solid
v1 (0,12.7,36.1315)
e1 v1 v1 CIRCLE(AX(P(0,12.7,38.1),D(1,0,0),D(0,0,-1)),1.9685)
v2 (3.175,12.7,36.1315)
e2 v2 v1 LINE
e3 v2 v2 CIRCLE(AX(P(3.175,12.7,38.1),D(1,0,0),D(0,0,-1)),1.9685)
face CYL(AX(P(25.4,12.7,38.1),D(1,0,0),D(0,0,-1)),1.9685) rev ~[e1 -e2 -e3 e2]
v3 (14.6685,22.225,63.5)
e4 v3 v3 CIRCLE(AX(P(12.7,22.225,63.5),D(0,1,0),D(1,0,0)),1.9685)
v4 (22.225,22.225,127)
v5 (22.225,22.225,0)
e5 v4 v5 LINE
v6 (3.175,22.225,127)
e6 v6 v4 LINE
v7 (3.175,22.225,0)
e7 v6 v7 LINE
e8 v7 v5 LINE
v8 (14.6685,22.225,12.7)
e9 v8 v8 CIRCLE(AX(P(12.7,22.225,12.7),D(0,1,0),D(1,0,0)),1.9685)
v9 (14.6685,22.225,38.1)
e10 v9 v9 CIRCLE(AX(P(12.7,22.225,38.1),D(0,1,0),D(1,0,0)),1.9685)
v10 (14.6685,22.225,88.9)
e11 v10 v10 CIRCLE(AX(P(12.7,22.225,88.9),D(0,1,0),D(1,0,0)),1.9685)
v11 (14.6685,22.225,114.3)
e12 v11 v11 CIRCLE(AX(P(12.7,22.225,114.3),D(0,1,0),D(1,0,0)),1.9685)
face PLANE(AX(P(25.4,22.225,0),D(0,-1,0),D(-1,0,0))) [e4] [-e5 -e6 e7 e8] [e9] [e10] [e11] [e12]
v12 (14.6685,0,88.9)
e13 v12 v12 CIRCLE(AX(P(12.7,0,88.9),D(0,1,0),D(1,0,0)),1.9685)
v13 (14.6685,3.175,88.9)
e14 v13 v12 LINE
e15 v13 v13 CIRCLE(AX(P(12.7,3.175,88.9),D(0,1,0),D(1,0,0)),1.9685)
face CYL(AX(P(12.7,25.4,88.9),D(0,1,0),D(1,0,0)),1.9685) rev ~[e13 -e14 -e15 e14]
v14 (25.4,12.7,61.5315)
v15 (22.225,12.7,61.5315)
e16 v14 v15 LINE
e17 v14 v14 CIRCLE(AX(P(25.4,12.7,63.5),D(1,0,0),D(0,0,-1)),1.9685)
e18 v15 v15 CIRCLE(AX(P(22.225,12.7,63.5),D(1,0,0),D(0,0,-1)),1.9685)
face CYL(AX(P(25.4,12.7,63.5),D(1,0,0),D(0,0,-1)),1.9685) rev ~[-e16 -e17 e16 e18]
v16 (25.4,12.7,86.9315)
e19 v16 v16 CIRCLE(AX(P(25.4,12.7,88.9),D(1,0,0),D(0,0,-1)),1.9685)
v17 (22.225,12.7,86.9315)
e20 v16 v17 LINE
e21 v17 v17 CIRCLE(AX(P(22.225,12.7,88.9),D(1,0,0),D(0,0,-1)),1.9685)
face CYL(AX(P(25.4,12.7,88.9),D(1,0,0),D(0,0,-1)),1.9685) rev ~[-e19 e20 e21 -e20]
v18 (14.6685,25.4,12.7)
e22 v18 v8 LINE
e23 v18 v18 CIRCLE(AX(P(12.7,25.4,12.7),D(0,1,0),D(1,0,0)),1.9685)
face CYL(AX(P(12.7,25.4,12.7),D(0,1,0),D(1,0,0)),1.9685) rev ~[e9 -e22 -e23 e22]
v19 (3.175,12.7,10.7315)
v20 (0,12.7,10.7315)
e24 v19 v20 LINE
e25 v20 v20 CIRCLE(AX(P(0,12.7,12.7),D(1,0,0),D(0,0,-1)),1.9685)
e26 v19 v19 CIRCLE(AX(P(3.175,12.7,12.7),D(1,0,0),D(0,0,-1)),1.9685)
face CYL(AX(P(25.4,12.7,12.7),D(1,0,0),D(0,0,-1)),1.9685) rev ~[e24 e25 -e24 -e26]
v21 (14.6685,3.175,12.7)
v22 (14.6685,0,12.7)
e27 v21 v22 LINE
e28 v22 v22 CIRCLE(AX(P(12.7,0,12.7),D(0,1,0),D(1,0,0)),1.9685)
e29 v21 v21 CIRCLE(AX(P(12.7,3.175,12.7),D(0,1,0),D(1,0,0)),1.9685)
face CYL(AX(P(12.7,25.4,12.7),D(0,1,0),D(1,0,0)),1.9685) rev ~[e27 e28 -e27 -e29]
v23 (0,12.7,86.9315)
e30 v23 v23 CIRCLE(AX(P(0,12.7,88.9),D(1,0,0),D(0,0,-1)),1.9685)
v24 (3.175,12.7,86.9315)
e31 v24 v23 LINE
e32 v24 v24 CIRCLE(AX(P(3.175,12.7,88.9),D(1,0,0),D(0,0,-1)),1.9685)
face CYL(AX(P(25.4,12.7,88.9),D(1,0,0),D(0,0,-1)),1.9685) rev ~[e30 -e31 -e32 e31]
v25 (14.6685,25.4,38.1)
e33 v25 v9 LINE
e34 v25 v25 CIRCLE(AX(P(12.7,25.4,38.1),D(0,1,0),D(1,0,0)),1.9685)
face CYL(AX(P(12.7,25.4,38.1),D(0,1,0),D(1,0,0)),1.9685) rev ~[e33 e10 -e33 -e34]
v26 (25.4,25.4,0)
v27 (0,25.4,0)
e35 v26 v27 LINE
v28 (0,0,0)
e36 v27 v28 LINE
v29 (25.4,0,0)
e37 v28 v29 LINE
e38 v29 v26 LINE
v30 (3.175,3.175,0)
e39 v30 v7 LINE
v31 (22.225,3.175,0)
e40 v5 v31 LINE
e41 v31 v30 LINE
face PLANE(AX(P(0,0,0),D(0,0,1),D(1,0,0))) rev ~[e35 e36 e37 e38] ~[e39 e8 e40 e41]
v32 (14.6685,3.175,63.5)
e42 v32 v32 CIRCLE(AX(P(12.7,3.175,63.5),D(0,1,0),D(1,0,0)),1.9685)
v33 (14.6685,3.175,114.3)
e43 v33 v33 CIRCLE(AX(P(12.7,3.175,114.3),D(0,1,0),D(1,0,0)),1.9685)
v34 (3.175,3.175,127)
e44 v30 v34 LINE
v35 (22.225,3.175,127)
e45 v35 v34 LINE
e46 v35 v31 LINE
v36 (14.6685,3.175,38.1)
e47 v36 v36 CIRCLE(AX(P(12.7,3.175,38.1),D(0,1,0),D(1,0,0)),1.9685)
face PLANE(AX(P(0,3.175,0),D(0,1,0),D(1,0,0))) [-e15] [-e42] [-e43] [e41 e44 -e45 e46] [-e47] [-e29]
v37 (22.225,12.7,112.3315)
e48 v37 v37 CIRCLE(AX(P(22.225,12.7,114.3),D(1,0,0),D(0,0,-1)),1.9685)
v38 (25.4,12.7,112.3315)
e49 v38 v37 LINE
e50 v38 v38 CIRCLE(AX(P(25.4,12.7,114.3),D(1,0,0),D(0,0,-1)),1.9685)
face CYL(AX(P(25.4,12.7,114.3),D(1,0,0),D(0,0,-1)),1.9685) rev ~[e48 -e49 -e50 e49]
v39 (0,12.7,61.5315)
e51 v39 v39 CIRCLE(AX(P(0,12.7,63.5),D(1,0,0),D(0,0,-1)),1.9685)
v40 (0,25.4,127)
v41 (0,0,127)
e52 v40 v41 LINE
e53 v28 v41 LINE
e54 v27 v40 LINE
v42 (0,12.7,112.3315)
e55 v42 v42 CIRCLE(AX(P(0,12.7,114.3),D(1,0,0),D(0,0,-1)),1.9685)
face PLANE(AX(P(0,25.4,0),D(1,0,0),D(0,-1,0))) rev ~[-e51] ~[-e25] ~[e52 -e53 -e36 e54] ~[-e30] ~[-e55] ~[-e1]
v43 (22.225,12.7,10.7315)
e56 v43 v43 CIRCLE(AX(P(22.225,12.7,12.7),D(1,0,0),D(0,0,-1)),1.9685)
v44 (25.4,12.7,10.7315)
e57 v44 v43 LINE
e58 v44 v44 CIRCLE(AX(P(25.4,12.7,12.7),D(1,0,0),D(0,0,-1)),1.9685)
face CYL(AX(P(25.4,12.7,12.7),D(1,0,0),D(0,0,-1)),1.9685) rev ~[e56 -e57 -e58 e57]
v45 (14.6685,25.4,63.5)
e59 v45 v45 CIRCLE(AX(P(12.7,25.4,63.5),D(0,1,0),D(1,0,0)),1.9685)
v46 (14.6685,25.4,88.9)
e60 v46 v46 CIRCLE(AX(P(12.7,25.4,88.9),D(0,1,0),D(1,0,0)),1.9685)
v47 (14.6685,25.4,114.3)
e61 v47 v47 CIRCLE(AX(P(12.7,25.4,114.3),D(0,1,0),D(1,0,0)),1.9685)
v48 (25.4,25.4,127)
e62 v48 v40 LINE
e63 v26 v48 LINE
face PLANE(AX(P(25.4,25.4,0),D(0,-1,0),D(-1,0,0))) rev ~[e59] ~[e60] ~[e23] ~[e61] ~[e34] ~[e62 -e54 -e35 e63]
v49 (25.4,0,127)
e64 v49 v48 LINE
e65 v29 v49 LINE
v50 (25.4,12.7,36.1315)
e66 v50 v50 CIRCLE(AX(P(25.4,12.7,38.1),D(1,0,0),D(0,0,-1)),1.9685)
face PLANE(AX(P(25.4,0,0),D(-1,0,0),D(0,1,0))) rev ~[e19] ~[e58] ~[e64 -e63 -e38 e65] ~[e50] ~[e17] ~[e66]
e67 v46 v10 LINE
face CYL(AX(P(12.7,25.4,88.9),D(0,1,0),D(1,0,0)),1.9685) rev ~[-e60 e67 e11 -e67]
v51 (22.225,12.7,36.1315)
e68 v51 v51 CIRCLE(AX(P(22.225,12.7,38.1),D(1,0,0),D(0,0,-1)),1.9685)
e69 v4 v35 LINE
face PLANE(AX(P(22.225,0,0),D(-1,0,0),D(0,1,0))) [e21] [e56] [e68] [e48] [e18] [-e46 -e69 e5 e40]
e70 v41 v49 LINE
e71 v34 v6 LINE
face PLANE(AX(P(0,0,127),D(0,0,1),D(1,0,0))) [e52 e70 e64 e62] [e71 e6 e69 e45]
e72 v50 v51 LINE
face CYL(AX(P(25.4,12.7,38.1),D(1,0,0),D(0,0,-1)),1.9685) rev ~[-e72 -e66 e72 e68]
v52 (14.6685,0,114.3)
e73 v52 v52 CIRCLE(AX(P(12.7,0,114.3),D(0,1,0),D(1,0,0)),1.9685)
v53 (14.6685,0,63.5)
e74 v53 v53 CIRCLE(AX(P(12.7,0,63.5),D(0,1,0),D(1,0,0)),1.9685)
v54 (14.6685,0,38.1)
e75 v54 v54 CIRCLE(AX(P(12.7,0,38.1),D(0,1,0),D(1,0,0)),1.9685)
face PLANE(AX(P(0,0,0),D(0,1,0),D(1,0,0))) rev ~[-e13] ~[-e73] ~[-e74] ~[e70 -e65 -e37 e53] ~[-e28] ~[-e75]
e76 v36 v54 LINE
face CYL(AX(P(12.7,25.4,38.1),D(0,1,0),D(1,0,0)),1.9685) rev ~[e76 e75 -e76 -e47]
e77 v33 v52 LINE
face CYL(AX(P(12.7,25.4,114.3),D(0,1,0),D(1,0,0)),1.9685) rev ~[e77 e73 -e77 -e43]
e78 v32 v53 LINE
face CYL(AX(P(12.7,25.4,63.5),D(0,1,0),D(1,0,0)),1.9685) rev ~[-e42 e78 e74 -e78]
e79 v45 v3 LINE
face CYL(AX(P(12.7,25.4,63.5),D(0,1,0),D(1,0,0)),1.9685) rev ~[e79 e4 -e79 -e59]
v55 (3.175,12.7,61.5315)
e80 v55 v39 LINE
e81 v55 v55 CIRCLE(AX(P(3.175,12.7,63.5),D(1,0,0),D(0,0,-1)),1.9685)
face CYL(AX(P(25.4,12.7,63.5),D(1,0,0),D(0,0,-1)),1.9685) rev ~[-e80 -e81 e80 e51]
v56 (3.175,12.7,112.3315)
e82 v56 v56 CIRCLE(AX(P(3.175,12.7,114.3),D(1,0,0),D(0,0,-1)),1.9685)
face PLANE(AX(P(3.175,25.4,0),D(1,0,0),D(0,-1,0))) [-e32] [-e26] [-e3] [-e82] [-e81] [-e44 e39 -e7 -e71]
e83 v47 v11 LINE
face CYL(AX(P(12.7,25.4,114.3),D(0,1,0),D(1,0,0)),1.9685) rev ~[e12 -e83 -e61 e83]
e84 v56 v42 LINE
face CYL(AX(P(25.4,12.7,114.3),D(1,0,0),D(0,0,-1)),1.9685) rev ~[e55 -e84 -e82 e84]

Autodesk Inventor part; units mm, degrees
ref_plane "YZ Plane" through (0, 0, 0) normal (1, 0, 0) x (0, 1, 0)
ref_plane "XZ Plane" through (0, 0, 0) normal (0, 1, 0) x (-1, 0, 0)
ref_plane "XY Plane" through (0, 0, 0) normal (0, 0, 1) x (1, 0, 0)
sketch "Sketch1" plane through (0, 0, 0) normal (0, 0, 1) x (1, 0, 0)
  line L0 (0, 0) -> (25.4, 0)
  line L1 (25.4, 0) -> (25.4, 25.4)
  line L2 (25.4, 25.4) -> (0, 25.4)
  line L3 (0, 25.4) -> (0, 0)
  dimension "d0" = 25.4
  dimension "d1" = 25.4
extrude "Extrusion1" add sketch "Sketch1" along normal blind 127
shell "Shell1" thickness 3.175 removed faces 2 at (8.4667, 16.9333, 0) at (8.4667, 16.9333, 127)
sketch "Sketch2" plane through (0, 25.4, 0) normal (0, 1, 0) x (1, 0, 0)
  circle A0 centre (12.7, -12.7) radius 1.9685
  line L0 (0, 0) -> (0, -127) projected
  line L1 (25.4, 0) -> (0, 0) projected
  circle A1 centre (12.7, -38.1) radius 1.9685
  circle A2 centre (12.7, -63.5) radius 1.9685
  circle A3 centre (12.7, -88.9) radius 1.9685
  circle A4 centre (12.7, -114.3) radius 1.9685
  dimension "d5" = 3.937
  dimension "d6" = 12.7
  dimension "d7" = 12.7
  dimension "d10" = 25.4
extrude "Extrusion2" cut sketch "Sketch2" against normal blind 127
sketch "Sketch3" plane through (25.4, 0, 0) normal (1, 0, 0) x (0, 0, -1)
  circle A0 centre (-12.7, 12.7) radius 1.9685
  line L0 (0, 25.4) -> (-127, 25.4) projected
  line L1 (0, 0) -> (0, 25.4) projected
  circle A1 centre (-38.1, 12.7) radius 1.9685
  circle A2 centre (-63.5, 12.7) radius 1.9685
  circle A3 centre (-88.9, 12.7) radius 1.9685
  circle A4 centre (-114.3, 12.7) radius 1.9685
  dimension "d17" = 3.937
  dimension "d18" = 12.7
  dimension "d19" = 12.7
  dimension "d22" = 25.4
extrude "Extrusion3" cut sketch "Sketch3" against normal blind 127
properties part number "Kermit Frame 12"
